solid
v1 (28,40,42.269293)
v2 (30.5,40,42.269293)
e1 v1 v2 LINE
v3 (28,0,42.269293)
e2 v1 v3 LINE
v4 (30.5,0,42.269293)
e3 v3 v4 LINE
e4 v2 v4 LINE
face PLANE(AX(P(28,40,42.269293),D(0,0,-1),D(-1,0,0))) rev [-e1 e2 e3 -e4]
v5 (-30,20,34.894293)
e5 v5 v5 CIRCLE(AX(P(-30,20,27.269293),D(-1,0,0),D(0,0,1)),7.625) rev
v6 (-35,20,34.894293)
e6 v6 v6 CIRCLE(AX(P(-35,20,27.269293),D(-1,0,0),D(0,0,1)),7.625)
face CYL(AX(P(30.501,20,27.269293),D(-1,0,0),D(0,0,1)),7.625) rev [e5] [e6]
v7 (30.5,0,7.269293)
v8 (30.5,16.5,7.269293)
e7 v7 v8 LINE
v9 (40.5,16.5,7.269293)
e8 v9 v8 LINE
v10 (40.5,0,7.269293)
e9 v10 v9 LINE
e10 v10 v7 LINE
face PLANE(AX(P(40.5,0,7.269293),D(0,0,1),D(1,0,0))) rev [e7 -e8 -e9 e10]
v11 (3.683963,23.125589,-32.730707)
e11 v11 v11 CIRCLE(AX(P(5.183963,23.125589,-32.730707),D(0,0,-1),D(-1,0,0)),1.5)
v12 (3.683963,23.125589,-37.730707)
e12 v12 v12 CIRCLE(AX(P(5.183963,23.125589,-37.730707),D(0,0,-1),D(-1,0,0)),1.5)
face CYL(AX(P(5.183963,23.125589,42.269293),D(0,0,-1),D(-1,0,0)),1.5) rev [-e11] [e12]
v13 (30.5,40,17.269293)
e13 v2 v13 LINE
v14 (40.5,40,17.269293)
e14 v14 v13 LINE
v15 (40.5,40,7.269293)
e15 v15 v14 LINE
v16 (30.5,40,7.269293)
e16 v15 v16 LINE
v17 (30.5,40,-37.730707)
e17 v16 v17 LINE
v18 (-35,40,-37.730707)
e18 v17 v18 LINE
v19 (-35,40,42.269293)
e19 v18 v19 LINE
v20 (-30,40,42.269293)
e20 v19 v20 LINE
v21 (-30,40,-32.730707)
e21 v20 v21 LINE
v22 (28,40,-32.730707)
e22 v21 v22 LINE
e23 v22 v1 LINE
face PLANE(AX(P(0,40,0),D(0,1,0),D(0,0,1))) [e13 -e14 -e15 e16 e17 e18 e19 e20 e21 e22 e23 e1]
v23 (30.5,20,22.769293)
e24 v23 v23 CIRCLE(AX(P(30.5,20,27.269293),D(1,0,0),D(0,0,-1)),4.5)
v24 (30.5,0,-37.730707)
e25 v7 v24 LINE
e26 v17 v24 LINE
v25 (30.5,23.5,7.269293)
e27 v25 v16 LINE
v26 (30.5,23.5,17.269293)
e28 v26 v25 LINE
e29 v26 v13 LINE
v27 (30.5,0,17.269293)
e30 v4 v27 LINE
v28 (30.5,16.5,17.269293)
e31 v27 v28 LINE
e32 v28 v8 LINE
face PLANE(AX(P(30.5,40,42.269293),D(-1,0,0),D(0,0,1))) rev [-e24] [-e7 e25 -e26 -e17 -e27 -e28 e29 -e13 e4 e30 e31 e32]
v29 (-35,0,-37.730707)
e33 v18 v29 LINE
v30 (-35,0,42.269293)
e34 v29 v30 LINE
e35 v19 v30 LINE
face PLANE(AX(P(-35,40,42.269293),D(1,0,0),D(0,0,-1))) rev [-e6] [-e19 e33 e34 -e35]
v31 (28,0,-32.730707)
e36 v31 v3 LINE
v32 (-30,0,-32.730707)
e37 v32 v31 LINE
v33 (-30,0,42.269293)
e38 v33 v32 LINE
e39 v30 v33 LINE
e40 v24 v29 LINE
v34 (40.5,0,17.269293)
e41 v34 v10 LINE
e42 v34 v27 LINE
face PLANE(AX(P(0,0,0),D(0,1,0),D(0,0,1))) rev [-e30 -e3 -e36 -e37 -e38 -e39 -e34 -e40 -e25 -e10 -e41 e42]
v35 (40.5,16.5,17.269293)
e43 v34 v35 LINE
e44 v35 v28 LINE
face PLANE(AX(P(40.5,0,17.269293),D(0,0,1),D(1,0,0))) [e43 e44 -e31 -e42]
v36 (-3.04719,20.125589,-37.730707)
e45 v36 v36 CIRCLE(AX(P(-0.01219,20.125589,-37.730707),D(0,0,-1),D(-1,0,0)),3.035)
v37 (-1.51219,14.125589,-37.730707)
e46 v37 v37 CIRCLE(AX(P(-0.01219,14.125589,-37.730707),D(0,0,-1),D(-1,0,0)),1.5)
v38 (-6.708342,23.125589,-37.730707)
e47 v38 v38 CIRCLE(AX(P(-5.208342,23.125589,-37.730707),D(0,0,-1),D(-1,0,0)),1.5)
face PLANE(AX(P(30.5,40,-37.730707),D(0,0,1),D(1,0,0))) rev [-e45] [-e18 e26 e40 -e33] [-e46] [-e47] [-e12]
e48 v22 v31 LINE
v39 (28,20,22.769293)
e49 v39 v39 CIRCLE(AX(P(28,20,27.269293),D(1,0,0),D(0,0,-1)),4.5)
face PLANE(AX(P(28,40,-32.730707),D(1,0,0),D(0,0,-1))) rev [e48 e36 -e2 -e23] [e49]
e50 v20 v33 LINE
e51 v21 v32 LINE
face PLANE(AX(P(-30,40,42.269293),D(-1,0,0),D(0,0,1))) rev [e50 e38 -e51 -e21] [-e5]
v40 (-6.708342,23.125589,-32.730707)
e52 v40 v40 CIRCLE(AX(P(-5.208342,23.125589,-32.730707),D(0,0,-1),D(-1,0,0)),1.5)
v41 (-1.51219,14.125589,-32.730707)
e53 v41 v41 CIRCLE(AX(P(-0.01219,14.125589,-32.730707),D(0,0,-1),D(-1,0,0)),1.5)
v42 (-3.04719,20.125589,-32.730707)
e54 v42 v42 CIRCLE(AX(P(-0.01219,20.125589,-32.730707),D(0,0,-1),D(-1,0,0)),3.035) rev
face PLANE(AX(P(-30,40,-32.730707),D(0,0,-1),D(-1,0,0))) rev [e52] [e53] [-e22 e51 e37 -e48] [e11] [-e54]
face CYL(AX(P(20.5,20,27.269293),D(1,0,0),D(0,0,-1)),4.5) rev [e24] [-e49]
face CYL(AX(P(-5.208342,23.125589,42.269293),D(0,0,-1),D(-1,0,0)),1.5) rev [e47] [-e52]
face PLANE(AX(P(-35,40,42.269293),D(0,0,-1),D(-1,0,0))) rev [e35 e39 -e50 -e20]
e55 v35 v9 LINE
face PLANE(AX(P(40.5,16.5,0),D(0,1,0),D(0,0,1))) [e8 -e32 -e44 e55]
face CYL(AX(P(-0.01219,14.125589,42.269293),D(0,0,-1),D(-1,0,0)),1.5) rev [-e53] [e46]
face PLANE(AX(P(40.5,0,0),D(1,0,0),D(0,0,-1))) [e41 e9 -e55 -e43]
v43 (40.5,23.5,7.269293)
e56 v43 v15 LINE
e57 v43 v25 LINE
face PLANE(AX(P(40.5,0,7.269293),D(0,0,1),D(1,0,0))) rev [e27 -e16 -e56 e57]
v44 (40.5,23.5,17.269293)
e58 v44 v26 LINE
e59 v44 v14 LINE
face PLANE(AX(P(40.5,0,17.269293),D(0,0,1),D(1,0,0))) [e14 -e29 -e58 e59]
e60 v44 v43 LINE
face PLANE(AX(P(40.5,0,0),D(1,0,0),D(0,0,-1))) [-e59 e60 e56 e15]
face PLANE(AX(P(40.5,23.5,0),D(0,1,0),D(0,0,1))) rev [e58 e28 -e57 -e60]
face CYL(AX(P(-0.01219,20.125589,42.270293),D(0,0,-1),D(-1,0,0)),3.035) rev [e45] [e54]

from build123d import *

# Parameters (mm, degrees)
BOSS_EXTRUDE1_DEPTH = 40
SKETCH2_R           = 1.5
CUT_EXTRUDE1_DEPTH  = 97.046863561
CUT_EXTRUDE2_REACH  = 89.618
SKETCH3_R           = 7.625
SKETCH4_R           = 4.5
CUT_EXTRUDE4_DEPTH  = 10
SKETCH4_4_W         = 10
SKETCH4_4_H         = 16.5
BOSS_EXTRUDE2_DEPTH = 10
CUT_EXTRUDE5_REACH  = 100.185
SKETCH2_3_R         = 3.035


with BuildPart() as part:
    # Sketch1 → Boss-Extrude1 (new body)
    with BuildSketch(Plane(origin=(0, 0, 0), x_dir=(1, 0, 0), z_dir=(0, 1, 0))):
        Polygon((-35, -42.269292904), (-30, -42.269292904), (-30, 32.730707096), (28, 32.730707096), (28, -42.269292904), (30.5, -42.269292904), (30.5, 37.730707096), (-35, 37.730707096), align=None)
    extrude(amount=BOSS_EXTRUDE1_DEPTH)

    # Sketch2 → Cut-Extrude1 (cut, through all)
    with BuildSketch(Plane(origin=(0, 0, -37.730707096), x_dir=(-1, 0, 0), z_dir=(0, 0, -1))):
        with Locations((5.208342236, 23.125589177)):
            Circle(SKETCH2_R)
        with Locations((0.012189814, 14.125589177)):
            Circle(SKETCH2_R)
        with Locations((-5.183962609, 23.125589177)):
            Circle(SKETCH2_R)
    extrude(amount=-CUT_EXTRUDE1_DEPTH, mode=Mode.SUBTRACT)

    # Sketch3 → Cut-Extrude2 (cut, up to next)
    with BuildSketch(Plane.ZY.offset(35), mode=Mode.PRIVATE) as cut_extrude2_sk1:
        with Locations((27.269292904, 20)):
            Circle(SKETCH3_R)
    cut_extrude2_tool1 = extrude(cut_extrude2_sk1.sketch, amount=-CUT_EXTRUDE2_REACH, mode=Mode.PRIVATE) & part.part
    add(cut_extrude2_tool1.solids().sort_by_distance((-35, 20, 27.269293))[0], mode=Mode.SUBTRACT)

    # Sketch4 → Cut-Extrude4 (cut)
    with BuildSketch(Plane(origin=(30.5, 0, 0), x_dir=(0, 0, -1), z_dir=(1, 0, 0))):
        with Locations((-27.269292904, 20)):
            Circle(SKETCH4_R)
    extrude(amount=-CUT_EXTRUDE4_DEPTH, mode=Mode.SUBTRACT)

    # Sketch4<4> → Boss-Extrude2 (add)
    with BuildSketch(Plane(origin=(30.5, 0, 0), x_dir=(0, 0, -1), z_dir=(1, 0, 0))):
        with Locations((-12.269292904, 8.25)):
            Rectangle(SKETCH4_4_W, SKETCH4_4_H)
        with Locations((-12.269292904, 31.75)):
            Rectangle(SKETCH4_4_W, SKETCH4_4_H)
    extrude(amount=BOSS_EXTRUDE2_DEPTH)

    # Sketch2<3> → Cut-Extrude5 (cut, up to next)
    with BuildSketch(Plane(origin=(0, 0, -37.730707096), x_dir=(-1, 0, 0), z_dir=(0, 0, -1)), mode=Mode.PRIVATE) as cut_extrude5_sk1:
        with Locations((0.012189814, 20.125589177)):
            Circle(SKETCH2_3_R)
    cut_extrude5_tool1 = extrude(cut_extrude5_sk1.sketch, amount=-CUT_EXTRUDE5_REACH, mode=Mode.PRIVATE) & part.part
    add(cut_extrude5_tool1.solids().sort_by_distance((-0.01219, 20.125589, -37.730707))[0], mode=Mode.SUBTRACT)


solid = part.part
